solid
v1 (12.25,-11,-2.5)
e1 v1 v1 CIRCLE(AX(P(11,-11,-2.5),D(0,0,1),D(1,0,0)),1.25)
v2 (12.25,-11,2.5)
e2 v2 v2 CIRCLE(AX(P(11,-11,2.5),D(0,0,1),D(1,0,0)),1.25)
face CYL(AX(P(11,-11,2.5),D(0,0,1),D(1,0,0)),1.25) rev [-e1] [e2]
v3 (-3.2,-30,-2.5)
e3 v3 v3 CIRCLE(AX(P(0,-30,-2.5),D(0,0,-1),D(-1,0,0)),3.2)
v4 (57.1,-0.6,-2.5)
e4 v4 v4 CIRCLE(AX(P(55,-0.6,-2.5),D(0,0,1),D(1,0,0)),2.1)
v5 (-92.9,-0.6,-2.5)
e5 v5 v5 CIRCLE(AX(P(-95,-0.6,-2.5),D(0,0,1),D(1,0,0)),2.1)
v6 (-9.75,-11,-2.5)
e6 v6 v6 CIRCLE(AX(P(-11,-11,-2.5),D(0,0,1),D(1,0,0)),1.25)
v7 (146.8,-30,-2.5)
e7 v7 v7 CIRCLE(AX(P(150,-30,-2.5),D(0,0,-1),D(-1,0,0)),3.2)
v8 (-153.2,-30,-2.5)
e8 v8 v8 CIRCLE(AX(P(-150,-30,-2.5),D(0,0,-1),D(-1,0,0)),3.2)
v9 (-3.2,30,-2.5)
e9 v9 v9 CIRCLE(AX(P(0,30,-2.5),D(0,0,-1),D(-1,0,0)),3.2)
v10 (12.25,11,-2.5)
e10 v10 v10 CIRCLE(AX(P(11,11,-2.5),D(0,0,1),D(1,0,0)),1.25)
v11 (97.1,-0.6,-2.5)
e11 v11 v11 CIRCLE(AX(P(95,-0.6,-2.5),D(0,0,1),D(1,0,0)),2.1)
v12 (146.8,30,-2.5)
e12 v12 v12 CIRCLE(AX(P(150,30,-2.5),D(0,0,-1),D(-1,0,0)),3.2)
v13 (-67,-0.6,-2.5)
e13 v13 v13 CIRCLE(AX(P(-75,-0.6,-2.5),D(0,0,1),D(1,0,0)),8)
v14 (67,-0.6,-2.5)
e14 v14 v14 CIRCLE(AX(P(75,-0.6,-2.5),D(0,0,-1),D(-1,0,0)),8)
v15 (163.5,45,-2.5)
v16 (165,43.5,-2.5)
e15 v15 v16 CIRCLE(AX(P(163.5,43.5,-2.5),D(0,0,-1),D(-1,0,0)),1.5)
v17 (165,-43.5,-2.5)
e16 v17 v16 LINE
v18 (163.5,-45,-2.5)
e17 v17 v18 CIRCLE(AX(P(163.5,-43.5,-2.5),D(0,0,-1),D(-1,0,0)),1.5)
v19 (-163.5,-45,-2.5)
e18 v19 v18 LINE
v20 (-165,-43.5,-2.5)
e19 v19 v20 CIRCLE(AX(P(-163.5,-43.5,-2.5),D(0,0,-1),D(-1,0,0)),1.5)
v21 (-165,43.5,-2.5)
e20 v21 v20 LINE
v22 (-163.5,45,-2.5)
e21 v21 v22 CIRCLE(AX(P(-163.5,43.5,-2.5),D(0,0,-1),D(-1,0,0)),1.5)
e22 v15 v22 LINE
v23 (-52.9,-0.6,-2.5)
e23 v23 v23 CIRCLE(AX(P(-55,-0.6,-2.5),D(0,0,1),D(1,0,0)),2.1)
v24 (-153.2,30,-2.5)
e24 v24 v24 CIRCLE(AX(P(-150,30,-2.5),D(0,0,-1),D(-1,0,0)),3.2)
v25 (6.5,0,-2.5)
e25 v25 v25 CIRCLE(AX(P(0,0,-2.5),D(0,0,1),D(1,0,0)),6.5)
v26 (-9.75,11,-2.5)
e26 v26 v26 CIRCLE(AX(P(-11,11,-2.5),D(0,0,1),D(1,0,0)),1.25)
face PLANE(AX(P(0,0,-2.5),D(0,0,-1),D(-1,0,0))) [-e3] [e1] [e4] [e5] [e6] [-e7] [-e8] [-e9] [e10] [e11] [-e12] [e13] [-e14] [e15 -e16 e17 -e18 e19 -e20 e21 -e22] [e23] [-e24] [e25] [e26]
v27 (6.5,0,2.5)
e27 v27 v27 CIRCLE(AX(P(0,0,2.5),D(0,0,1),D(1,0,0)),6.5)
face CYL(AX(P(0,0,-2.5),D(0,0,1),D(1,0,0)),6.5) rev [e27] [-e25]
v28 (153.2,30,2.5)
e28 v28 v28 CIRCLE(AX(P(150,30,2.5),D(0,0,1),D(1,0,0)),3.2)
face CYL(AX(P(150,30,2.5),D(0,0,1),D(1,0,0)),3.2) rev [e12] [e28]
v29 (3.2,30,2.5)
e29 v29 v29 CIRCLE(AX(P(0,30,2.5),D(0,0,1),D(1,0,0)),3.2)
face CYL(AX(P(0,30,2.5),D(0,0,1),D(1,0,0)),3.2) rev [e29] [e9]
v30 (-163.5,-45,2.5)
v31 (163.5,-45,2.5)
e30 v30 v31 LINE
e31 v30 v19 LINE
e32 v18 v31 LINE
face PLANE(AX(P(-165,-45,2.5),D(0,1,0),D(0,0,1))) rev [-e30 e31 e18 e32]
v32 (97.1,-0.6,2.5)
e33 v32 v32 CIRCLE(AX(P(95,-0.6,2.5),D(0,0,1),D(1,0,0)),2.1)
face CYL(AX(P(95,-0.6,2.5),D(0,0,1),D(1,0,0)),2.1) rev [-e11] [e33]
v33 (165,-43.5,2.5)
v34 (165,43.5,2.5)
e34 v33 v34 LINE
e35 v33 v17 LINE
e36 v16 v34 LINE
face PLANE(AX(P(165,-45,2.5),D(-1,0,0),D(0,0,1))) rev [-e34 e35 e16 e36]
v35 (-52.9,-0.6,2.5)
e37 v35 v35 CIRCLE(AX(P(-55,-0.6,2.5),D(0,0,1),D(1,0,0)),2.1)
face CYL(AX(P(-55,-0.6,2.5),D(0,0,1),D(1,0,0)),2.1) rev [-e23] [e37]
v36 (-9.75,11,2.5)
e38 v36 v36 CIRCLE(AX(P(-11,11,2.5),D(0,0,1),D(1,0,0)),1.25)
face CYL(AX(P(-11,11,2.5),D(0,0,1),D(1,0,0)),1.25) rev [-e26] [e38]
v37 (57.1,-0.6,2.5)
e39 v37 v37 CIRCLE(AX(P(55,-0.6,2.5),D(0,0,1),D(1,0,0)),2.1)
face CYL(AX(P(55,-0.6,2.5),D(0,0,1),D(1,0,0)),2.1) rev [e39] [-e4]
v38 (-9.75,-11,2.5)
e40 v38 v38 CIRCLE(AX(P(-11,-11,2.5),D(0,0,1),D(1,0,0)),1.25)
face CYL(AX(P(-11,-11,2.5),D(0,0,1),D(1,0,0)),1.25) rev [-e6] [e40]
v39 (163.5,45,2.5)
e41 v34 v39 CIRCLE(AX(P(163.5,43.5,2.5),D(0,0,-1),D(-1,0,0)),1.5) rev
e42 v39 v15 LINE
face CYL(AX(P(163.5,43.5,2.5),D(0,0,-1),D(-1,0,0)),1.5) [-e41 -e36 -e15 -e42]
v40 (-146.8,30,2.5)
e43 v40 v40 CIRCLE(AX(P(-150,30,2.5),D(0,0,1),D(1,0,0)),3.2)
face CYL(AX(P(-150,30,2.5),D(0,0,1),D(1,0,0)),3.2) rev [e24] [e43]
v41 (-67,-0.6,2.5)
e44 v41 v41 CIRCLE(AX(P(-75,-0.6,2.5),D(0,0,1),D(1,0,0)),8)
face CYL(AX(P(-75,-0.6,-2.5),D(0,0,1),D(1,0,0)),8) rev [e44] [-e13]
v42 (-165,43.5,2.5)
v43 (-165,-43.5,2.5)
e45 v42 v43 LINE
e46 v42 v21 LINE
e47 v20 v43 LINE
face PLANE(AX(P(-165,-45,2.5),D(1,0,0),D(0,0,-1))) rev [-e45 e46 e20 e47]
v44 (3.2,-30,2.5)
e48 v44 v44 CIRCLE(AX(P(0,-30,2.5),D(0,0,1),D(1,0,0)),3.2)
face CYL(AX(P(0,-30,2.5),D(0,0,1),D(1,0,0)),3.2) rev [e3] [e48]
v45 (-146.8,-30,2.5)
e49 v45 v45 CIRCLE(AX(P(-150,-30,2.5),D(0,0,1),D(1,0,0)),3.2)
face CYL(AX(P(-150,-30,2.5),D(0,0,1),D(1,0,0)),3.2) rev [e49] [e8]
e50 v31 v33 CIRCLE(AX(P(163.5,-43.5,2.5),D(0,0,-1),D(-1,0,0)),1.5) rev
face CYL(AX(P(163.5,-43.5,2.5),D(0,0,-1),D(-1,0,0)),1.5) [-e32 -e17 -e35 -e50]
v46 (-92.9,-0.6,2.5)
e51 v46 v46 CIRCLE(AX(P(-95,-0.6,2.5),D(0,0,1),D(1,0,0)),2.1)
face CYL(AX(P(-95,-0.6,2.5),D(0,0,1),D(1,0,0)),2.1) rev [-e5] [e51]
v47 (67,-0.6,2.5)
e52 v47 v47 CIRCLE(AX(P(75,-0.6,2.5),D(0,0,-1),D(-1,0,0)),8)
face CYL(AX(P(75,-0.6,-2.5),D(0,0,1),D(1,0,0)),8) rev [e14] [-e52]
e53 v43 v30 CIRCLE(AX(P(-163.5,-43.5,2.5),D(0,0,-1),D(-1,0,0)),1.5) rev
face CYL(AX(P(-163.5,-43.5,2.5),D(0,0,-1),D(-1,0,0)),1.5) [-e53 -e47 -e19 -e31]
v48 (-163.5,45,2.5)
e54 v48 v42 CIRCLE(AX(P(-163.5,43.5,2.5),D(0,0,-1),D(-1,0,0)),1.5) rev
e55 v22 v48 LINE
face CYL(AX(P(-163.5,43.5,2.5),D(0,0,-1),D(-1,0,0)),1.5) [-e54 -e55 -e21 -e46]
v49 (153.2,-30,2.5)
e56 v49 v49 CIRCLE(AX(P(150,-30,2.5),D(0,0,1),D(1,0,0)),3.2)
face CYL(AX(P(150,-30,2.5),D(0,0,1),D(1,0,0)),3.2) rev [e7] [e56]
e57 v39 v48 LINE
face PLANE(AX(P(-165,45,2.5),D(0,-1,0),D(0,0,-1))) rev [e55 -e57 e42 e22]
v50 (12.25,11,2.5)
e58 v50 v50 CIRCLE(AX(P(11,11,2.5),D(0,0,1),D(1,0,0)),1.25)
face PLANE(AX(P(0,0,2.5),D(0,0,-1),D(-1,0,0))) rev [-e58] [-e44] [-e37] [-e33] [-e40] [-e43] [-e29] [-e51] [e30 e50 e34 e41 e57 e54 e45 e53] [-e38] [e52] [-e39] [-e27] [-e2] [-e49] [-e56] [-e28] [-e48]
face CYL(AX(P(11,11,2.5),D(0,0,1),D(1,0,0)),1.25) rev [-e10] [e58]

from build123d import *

# Parameters (mm, degrees)
SKETCH1_W                = 330
SKETCH1_H                = 90
BOSS_EXTRUDE1_DEPTH      = 2.5
M6_CLEARANCE_HOLE1_D     = 6.4
M6_CLEARANCE_HOLE1_DEPTH = 10
M6_CLEARANCE_HOLE1_TIP   = 1.922753981
SKETCH3_R                = 8
CUT_EXTRUDE2_DEPTH       = 6
M5X0_8_TAPPED_HOLE1_D    = 4.2
SKETCH4_R                = 6.5
CUT_EXTRUDE3_DEPTH       = 6
M3X0_5_TAPPED_HOLE1_D    = 2.5
FILLET1_R                = 1.5


with BuildPart() as part:
    # Sketch1 → Boss-Extrude1 (new body, symmetric)
    with BuildSketch(Plane.XY):
        Rectangle(SKETCH1_W, SKETCH1_H)
    extrude(amount=BOSS_EXTRUDE1_DEPTH, both=True)

    # M6 Clearance Hole1
    with Locations(Plane.XY.offset(2.5)):
        with Locations((-150, 30), (-150, -30), (0, 30), (0, -30), (150, -30), (150, 30)):
            Hole(M6_CLEARANCE_HOLE1_D / 2, depth=M6_CLEARANCE_HOLE1_DEPTH)
            with Locations((0, 0, -(M6_CLEARANCE_HOLE1_DEPTH + M6_CLEARANCE_HOLE1_TIP / 2))):  # 118° drill point
                Cone(0, M6_CLEARANCE_HOLE1_D / 2, M6_CLEARANCE_HOLE1_TIP, mode=Mode.SUBTRACT)

    # Sketch3 → Cut-Extrude2 (cut, through all)
    with BuildSketch(Plane.XY.offset(2.5)):
        with Locations((-75, -0.6)):
            Circle(SKETCH3_R)
    cut_extrude2 = extrude(amount=-CUT_EXTRUDE2_DEPTH, mode=Mode.SUBTRACT)

    # M5x0.8 Tapped Hole1 (through all)
    with Locations(Plane.XY.offset(2.5)):
        with Locations((-95, -0.6), (-55, -0.6)):
            m5x0_8_tapped_hole1 = Hole(M5X0_8_TAPPED_HOLE1_D / 2)

    # Mirror1: Cut-Extrude2, M5x0.8 Tapped Hole1 across plane
    add(cut_extrude2.mirror(Plane(origin=(0, 0, 0), x_dir=(0, 0, 1), z_dir=(1, 0, 0))), mode=Mode.SUBTRACT)
    add(m5x0_8_tapped_hole1.mirror(Plane(origin=(0, 0, 0), x_dir=(0, 0, 1), z_dir=(1, 0, 0))), mode=Mode.SUBTRACT)

    # Sketch4 → Cut-Extrude3 (cut, through all)
    with BuildSketch(Plane.XY.offset(2.5)):
        Circle(SKETCH4_R)
    extrude(amount=-CUT_EXTRUDE3_DEPTH, mode=Mode.SUBTRACT)

    # M3x0.5 Tapped Hole1 (through all)
    with Locations(Plane.XY.offset(2.5)):
        with Locations((11, 11), (-11, -11), (-11, 11), (11, -11)):
            Hole(M3X0_5_TAPPED_HOLE1_D / 2)

    # Fillet1
    fillet1_edges = [part.edges().sort_by_distance(p)[0] for p in [
        (165, -45, 0),
        (-165, -45, 0),
        (-165, 45, 0),
        (165, 45, 0),
    ]]
    fillet(fillet1_edges, radius=FILLET1_R)


solid = part.part
